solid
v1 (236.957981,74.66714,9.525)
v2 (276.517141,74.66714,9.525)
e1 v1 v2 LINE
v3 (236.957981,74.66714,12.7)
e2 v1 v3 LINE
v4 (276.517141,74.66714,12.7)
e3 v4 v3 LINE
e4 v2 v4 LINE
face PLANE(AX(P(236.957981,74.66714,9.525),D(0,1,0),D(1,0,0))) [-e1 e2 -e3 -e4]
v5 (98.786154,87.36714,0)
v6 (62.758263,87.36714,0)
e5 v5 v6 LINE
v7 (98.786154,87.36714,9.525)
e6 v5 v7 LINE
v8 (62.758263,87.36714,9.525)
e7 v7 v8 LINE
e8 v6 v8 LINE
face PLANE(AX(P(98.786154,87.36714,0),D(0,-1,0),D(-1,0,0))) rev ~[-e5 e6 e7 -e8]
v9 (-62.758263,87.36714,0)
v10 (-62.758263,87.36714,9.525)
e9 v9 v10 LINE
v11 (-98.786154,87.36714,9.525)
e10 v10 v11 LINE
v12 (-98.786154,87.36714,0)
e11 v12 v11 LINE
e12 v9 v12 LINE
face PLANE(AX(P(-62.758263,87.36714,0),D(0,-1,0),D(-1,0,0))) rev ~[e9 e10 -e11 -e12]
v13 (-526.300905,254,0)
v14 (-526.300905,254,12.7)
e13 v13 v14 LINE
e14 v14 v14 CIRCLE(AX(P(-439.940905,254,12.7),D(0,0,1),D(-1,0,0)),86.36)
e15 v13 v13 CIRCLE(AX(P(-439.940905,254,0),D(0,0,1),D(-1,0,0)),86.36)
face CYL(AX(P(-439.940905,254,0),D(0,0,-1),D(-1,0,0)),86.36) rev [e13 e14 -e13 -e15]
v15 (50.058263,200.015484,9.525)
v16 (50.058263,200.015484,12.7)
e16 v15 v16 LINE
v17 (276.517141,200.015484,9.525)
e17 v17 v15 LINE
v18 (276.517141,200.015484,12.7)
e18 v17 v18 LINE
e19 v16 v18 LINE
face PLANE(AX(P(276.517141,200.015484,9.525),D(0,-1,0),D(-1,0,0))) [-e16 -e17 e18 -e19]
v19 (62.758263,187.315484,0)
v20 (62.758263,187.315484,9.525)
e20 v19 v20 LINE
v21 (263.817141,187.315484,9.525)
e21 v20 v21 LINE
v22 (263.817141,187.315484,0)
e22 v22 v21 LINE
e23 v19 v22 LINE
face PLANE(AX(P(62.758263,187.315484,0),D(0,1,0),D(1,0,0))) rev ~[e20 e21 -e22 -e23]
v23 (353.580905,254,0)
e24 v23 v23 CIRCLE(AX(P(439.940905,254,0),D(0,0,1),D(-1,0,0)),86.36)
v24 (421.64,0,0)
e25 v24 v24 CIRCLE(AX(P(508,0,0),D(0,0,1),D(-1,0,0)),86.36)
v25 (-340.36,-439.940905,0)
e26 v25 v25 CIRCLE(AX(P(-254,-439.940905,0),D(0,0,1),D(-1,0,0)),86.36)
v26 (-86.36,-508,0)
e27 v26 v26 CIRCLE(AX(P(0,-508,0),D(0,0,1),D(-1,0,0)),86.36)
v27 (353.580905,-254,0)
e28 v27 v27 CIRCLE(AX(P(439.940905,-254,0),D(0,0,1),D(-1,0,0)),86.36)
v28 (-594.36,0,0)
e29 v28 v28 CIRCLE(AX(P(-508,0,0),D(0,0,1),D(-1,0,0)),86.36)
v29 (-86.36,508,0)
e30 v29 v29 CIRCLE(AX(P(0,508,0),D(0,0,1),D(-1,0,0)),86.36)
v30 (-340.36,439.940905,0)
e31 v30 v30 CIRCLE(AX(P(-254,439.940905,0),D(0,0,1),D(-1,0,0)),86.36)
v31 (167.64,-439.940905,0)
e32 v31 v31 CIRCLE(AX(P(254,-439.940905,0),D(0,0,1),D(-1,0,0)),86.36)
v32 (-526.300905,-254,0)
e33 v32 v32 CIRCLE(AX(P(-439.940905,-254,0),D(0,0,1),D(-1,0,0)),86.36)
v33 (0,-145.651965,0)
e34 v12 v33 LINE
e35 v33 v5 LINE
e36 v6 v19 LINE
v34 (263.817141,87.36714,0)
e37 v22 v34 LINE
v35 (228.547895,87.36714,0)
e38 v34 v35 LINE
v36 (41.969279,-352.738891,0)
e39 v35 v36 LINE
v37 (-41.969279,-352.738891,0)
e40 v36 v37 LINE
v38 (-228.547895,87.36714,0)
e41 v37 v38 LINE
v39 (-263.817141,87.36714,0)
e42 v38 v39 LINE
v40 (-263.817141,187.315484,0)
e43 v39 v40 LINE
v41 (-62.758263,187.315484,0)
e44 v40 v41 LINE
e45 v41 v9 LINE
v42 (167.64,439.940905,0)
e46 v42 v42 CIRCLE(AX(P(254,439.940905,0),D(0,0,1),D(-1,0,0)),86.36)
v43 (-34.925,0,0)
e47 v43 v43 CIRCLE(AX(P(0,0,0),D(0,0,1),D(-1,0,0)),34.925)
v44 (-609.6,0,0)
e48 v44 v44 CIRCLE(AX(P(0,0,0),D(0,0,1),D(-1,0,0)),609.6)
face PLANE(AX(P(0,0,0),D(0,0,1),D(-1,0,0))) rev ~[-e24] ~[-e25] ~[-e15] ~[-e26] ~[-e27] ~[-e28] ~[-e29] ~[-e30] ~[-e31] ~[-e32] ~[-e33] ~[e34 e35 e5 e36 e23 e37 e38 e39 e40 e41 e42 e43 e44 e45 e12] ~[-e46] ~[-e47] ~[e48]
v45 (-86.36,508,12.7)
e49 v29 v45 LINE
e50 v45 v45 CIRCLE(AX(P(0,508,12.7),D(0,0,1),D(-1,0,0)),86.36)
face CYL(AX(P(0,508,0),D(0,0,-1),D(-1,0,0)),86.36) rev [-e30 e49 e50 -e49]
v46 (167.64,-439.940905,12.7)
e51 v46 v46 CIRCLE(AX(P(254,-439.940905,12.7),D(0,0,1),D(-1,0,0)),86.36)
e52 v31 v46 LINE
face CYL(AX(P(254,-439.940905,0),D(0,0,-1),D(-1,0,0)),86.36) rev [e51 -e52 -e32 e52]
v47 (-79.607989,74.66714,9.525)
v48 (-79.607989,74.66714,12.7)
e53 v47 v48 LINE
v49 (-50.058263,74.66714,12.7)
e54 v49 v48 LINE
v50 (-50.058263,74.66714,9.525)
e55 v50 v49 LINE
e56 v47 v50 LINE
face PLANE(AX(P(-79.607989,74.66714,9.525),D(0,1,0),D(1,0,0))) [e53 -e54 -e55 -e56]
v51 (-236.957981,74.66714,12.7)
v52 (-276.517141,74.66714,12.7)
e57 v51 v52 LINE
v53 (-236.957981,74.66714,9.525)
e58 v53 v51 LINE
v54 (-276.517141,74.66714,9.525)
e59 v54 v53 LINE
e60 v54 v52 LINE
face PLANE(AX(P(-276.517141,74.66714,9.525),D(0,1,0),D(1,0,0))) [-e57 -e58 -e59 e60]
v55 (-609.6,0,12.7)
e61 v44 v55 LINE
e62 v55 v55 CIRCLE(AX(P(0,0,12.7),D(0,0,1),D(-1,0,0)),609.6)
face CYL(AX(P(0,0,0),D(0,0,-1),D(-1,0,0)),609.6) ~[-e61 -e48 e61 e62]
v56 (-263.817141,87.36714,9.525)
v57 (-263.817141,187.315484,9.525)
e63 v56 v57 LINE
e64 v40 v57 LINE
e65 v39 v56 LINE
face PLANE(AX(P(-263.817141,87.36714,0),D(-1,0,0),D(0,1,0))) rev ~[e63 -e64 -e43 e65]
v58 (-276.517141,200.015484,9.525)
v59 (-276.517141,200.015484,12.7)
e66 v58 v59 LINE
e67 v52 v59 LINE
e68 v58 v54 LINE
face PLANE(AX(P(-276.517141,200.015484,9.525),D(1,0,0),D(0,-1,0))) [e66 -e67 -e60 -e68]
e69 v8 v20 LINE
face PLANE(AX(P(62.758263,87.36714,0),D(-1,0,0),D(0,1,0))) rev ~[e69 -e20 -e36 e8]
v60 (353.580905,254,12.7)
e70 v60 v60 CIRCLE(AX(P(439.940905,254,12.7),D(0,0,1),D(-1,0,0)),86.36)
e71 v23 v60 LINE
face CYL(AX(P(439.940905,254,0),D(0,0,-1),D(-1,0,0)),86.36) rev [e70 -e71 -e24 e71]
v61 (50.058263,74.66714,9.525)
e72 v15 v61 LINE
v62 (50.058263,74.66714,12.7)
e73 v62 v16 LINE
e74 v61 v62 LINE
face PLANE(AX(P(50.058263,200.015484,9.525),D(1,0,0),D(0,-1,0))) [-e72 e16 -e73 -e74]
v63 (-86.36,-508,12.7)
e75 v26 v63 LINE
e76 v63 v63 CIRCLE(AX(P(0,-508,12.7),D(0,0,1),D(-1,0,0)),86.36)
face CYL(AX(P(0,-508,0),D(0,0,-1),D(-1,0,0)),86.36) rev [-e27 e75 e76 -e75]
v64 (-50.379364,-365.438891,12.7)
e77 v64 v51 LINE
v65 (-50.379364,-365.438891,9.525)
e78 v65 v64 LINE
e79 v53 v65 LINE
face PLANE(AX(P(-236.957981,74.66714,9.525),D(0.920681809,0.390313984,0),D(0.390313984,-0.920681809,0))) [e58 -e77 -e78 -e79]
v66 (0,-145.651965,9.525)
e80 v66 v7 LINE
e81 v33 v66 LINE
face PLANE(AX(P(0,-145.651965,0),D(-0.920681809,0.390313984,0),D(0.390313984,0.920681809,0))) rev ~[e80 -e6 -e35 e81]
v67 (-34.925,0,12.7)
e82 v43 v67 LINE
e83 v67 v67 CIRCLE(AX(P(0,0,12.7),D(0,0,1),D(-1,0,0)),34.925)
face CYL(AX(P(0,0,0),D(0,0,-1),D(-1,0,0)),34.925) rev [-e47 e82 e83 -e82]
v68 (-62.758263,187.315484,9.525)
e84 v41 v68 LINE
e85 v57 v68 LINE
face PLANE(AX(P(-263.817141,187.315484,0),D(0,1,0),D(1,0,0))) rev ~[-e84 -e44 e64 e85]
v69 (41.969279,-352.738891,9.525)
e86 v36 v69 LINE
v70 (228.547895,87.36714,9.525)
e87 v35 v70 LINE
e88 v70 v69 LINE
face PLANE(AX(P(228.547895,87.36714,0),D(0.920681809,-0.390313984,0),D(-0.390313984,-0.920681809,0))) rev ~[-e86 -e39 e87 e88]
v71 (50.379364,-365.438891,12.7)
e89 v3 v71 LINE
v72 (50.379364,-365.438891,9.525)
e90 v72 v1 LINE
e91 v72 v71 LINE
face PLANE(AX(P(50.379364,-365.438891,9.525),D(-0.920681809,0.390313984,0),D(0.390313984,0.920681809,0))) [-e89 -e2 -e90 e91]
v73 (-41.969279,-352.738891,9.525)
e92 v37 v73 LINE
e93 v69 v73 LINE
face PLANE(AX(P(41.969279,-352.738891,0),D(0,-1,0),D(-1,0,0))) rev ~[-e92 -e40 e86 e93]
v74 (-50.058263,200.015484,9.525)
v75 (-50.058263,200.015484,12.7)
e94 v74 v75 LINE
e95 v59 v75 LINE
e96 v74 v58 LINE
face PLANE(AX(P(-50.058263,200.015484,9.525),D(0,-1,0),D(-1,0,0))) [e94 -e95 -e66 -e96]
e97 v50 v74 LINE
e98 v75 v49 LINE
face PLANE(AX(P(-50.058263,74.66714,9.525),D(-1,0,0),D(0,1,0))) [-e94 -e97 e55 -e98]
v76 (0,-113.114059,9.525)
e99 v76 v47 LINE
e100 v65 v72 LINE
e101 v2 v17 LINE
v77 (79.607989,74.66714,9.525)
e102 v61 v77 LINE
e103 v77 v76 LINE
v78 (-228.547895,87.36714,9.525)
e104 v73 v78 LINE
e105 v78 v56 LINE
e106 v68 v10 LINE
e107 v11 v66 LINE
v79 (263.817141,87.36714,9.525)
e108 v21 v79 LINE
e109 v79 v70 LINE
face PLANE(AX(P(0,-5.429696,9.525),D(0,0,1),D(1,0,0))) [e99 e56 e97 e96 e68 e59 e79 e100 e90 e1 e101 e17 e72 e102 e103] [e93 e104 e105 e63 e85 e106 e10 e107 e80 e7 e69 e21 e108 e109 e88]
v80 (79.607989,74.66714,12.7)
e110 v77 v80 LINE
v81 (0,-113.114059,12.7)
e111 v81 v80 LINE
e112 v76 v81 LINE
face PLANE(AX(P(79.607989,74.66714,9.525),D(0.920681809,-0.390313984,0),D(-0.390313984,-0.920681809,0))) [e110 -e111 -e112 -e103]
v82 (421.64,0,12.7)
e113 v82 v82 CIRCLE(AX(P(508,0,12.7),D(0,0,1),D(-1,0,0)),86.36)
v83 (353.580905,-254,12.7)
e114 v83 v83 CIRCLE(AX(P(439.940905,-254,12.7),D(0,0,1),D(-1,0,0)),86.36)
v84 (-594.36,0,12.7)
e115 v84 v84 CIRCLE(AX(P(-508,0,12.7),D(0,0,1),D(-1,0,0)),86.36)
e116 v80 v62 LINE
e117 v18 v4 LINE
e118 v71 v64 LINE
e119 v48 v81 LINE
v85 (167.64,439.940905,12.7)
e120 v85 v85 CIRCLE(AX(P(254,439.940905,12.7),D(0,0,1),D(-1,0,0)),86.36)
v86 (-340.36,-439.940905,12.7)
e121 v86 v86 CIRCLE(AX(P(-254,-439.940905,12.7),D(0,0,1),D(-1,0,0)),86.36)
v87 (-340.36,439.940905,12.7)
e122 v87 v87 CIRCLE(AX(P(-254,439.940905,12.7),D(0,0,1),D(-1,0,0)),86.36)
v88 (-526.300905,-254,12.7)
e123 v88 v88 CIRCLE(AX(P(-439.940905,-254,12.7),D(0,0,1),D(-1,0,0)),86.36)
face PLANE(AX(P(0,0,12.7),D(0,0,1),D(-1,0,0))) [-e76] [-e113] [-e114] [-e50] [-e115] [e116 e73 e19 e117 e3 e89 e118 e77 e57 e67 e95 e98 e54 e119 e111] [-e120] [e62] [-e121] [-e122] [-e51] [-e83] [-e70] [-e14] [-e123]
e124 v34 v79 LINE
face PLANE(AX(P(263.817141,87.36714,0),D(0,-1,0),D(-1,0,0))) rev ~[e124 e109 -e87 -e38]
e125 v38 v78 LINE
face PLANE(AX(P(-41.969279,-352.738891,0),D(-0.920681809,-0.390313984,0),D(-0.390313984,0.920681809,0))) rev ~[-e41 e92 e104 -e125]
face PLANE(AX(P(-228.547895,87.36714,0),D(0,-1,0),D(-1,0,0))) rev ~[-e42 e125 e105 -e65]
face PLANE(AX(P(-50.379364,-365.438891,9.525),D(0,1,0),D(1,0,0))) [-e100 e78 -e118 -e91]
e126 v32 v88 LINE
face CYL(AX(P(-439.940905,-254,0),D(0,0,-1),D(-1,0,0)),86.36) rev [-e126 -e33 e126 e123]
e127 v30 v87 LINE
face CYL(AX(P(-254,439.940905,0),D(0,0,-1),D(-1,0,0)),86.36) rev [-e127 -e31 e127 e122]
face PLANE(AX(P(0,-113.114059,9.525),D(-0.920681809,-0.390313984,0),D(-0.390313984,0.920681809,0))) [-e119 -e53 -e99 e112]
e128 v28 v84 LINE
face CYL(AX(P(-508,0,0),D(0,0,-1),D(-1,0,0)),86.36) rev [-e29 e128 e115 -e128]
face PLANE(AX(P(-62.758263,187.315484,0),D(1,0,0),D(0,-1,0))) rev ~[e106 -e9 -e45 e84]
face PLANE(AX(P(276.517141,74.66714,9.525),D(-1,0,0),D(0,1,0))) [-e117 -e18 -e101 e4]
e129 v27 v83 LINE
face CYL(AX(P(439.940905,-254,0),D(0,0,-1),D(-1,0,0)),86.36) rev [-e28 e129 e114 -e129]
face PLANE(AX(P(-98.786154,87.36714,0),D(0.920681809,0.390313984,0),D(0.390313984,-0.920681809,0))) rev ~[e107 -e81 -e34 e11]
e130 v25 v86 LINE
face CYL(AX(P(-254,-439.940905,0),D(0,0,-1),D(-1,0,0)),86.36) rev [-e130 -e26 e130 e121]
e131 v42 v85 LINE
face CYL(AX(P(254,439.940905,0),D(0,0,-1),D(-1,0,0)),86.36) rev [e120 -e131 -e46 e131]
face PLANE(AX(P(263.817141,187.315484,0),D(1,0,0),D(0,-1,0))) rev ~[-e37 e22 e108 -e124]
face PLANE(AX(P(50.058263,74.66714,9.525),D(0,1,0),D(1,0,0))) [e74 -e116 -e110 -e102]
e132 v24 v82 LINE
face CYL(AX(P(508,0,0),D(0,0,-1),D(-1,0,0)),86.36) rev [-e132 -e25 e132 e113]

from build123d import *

# Parameters (mm, degrees)
SKETCH1_R               = 609.6
SKETCH1_R_2             = 86.36
SKETCH1_R_3             = 34.925
BOSS_EXTRUDE1_DEPTH     = 12.7
CUT_EXTRUDE1_DEPTH      = 863.198126883
CUT_EXTRUDE1_DEPTH_BACK = 3.175


with BuildPart() as part:
    # Sketch1 → Boss-Extrude1 (new body)
    with BuildSketch(Plane.XY):
        with Locations(Location((0, 0, 0), (0, 0, 180))):
            Circle(SKETCH1_R)
        with Locations(Location((0, 508, 0), (0, 0, 180))):
            Circle(SKETCH1_R_2, mode=Mode.SUBTRACT)
        with Locations(Location((254, 439.940905122, 0), (0, 0, 180))):
            Circle(SKETCH1_R_2, mode=Mode.SUBTRACT)
        with Locations(Location((439.940905123, 254, 0), (0, 0, 180))):
            Circle(SKETCH1_R_2, mode=Mode.SUBTRACT)
        with Locations(Location((508, 0, 0), (0, 0, 180))):
            Circle(SKETCH1_R_2, mode=Mode.SUBTRACT)
        with Locations(Location((439.940905123, -254, 0), (0, 0, 180))):
            Circle(SKETCH1_R_2, mode=Mode.SUBTRACT)
        with Locations(Location((254, -439.940905122, 0), (0, 0, 180))):
            Circle(SKETCH1_R_2, mode=Mode.SUBTRACT)
        with Locations(Location((0, -508, 0), (0, 0, 180))):
            Circle(SKETCH1_R_2, mode=Mode.SUBTRACT)
        with Locations(Location((-254, -439.940905123, 0), (0, 0, 180))):
            Circle(SKETCH1_R_2, mode=Mode.SUBTRACT)
        with Locations(Location((-439.940905122, -254, 0), (0, 0, 180))):
            Circle(SKETCH1_R_2, mode=Mode.SUBTRACT)
        with Locations(Location((-508, 0, 0), (0, 0, 180))):
            Circle(SKETCH1_R_2, mode=Mode.SUBTRACT)
        with Locations(Location((-439.940905122, 254, 0), (0, 0, 180))):
            Circle(SKETCH1_R_2, mode=Mode.SUBTRACT)
        with Locations(Location((-254, 439.940905122, 0), (0, 0, 180))):
            Circle(SKETCH1_R_2, mode=Mode.SUBTRACT)
        with Locations(Location((0, 0, 0), (0, 0, 180))):
            Circle(SKETCH1_R_3, mode=Mode.SUBTRACT)
        Polygon((-263.817141205, 187.315483827), (-62.758262665, 187.315483827), (-62.758262665, 87.367139582), (-98.786154196, 87.367139582), (0, -145.651965314), (98.786154196, 87.367139582), (62.758262665, 87.367139582), (62.758262665, 187.315483827), (263.817141205, 187.315483827), (263.817141205, 87.367139582), (228.547895375, 87.367139582), (41.969279032, -352.738890732), (-41.969279032, -352.738890732), (-228.547895375, 87.367139582), (-263.817141205, 87.367139582), align=None, mode=Mode.SUBTRACT)
    extrude(amount=BOSS_EXTRUDE1_DEPTH)

    # Sketch2 → Cut-Extrude1 (cut, two sides: drawn at the far end of the back side and taken through both)
    with BuildSketch(Plane.XY.offset(12.7).offset(-CUT_EXTRUDE1_DEPTH_BACK)):
        Polygon((50.058262665, 74.667139582), (79.607989254, 74.667139582), (0, -113.1140586), (-79.607989254, 74.667139582), (-50.058262665, 74.667139582), (-50.058262665, 200.015483827), (-276.517141205, 200.015483827), (-276.517141205, 74.667139582), (-236.957980515, 74.667139582), (-50.379364172, -365.438890732), (50.379364172, -365.438890732), (236.957980515, 74.667139582), (276.517141205, 74.667139582), (276.517141205, 200.015483827), (50.058262665, 200.015483827), align=None)
        Polygon((-41.969279032, -352.738890732), (-228.547895375, 87.367139582), (-263.817141205, 87.367139582), (-263.817141205, 187.315483827), (-62.758262665, 187.315483827), (-62.758262665, 87.367139582), (-98.786154196, 87.367139582), (0, -145.651965314), (98.786154196, 87.367139582), (62.758262665, 87.367139582), (62.758262665, 187.315483827), (263.817141205, 187.315483827), (263.817141205, 87.367139582), (228.547895375, 87.367139582), (41.969279032, -352.738890732), align=None, mode=Mode.SUBTRACT)
    extrude(amount=CUT_EXTRUDE1_DEPTH + CUT_EXTRUDE1_DEPTH_BACK, mode=Mode.SUBTRACT)


solid = part.part
